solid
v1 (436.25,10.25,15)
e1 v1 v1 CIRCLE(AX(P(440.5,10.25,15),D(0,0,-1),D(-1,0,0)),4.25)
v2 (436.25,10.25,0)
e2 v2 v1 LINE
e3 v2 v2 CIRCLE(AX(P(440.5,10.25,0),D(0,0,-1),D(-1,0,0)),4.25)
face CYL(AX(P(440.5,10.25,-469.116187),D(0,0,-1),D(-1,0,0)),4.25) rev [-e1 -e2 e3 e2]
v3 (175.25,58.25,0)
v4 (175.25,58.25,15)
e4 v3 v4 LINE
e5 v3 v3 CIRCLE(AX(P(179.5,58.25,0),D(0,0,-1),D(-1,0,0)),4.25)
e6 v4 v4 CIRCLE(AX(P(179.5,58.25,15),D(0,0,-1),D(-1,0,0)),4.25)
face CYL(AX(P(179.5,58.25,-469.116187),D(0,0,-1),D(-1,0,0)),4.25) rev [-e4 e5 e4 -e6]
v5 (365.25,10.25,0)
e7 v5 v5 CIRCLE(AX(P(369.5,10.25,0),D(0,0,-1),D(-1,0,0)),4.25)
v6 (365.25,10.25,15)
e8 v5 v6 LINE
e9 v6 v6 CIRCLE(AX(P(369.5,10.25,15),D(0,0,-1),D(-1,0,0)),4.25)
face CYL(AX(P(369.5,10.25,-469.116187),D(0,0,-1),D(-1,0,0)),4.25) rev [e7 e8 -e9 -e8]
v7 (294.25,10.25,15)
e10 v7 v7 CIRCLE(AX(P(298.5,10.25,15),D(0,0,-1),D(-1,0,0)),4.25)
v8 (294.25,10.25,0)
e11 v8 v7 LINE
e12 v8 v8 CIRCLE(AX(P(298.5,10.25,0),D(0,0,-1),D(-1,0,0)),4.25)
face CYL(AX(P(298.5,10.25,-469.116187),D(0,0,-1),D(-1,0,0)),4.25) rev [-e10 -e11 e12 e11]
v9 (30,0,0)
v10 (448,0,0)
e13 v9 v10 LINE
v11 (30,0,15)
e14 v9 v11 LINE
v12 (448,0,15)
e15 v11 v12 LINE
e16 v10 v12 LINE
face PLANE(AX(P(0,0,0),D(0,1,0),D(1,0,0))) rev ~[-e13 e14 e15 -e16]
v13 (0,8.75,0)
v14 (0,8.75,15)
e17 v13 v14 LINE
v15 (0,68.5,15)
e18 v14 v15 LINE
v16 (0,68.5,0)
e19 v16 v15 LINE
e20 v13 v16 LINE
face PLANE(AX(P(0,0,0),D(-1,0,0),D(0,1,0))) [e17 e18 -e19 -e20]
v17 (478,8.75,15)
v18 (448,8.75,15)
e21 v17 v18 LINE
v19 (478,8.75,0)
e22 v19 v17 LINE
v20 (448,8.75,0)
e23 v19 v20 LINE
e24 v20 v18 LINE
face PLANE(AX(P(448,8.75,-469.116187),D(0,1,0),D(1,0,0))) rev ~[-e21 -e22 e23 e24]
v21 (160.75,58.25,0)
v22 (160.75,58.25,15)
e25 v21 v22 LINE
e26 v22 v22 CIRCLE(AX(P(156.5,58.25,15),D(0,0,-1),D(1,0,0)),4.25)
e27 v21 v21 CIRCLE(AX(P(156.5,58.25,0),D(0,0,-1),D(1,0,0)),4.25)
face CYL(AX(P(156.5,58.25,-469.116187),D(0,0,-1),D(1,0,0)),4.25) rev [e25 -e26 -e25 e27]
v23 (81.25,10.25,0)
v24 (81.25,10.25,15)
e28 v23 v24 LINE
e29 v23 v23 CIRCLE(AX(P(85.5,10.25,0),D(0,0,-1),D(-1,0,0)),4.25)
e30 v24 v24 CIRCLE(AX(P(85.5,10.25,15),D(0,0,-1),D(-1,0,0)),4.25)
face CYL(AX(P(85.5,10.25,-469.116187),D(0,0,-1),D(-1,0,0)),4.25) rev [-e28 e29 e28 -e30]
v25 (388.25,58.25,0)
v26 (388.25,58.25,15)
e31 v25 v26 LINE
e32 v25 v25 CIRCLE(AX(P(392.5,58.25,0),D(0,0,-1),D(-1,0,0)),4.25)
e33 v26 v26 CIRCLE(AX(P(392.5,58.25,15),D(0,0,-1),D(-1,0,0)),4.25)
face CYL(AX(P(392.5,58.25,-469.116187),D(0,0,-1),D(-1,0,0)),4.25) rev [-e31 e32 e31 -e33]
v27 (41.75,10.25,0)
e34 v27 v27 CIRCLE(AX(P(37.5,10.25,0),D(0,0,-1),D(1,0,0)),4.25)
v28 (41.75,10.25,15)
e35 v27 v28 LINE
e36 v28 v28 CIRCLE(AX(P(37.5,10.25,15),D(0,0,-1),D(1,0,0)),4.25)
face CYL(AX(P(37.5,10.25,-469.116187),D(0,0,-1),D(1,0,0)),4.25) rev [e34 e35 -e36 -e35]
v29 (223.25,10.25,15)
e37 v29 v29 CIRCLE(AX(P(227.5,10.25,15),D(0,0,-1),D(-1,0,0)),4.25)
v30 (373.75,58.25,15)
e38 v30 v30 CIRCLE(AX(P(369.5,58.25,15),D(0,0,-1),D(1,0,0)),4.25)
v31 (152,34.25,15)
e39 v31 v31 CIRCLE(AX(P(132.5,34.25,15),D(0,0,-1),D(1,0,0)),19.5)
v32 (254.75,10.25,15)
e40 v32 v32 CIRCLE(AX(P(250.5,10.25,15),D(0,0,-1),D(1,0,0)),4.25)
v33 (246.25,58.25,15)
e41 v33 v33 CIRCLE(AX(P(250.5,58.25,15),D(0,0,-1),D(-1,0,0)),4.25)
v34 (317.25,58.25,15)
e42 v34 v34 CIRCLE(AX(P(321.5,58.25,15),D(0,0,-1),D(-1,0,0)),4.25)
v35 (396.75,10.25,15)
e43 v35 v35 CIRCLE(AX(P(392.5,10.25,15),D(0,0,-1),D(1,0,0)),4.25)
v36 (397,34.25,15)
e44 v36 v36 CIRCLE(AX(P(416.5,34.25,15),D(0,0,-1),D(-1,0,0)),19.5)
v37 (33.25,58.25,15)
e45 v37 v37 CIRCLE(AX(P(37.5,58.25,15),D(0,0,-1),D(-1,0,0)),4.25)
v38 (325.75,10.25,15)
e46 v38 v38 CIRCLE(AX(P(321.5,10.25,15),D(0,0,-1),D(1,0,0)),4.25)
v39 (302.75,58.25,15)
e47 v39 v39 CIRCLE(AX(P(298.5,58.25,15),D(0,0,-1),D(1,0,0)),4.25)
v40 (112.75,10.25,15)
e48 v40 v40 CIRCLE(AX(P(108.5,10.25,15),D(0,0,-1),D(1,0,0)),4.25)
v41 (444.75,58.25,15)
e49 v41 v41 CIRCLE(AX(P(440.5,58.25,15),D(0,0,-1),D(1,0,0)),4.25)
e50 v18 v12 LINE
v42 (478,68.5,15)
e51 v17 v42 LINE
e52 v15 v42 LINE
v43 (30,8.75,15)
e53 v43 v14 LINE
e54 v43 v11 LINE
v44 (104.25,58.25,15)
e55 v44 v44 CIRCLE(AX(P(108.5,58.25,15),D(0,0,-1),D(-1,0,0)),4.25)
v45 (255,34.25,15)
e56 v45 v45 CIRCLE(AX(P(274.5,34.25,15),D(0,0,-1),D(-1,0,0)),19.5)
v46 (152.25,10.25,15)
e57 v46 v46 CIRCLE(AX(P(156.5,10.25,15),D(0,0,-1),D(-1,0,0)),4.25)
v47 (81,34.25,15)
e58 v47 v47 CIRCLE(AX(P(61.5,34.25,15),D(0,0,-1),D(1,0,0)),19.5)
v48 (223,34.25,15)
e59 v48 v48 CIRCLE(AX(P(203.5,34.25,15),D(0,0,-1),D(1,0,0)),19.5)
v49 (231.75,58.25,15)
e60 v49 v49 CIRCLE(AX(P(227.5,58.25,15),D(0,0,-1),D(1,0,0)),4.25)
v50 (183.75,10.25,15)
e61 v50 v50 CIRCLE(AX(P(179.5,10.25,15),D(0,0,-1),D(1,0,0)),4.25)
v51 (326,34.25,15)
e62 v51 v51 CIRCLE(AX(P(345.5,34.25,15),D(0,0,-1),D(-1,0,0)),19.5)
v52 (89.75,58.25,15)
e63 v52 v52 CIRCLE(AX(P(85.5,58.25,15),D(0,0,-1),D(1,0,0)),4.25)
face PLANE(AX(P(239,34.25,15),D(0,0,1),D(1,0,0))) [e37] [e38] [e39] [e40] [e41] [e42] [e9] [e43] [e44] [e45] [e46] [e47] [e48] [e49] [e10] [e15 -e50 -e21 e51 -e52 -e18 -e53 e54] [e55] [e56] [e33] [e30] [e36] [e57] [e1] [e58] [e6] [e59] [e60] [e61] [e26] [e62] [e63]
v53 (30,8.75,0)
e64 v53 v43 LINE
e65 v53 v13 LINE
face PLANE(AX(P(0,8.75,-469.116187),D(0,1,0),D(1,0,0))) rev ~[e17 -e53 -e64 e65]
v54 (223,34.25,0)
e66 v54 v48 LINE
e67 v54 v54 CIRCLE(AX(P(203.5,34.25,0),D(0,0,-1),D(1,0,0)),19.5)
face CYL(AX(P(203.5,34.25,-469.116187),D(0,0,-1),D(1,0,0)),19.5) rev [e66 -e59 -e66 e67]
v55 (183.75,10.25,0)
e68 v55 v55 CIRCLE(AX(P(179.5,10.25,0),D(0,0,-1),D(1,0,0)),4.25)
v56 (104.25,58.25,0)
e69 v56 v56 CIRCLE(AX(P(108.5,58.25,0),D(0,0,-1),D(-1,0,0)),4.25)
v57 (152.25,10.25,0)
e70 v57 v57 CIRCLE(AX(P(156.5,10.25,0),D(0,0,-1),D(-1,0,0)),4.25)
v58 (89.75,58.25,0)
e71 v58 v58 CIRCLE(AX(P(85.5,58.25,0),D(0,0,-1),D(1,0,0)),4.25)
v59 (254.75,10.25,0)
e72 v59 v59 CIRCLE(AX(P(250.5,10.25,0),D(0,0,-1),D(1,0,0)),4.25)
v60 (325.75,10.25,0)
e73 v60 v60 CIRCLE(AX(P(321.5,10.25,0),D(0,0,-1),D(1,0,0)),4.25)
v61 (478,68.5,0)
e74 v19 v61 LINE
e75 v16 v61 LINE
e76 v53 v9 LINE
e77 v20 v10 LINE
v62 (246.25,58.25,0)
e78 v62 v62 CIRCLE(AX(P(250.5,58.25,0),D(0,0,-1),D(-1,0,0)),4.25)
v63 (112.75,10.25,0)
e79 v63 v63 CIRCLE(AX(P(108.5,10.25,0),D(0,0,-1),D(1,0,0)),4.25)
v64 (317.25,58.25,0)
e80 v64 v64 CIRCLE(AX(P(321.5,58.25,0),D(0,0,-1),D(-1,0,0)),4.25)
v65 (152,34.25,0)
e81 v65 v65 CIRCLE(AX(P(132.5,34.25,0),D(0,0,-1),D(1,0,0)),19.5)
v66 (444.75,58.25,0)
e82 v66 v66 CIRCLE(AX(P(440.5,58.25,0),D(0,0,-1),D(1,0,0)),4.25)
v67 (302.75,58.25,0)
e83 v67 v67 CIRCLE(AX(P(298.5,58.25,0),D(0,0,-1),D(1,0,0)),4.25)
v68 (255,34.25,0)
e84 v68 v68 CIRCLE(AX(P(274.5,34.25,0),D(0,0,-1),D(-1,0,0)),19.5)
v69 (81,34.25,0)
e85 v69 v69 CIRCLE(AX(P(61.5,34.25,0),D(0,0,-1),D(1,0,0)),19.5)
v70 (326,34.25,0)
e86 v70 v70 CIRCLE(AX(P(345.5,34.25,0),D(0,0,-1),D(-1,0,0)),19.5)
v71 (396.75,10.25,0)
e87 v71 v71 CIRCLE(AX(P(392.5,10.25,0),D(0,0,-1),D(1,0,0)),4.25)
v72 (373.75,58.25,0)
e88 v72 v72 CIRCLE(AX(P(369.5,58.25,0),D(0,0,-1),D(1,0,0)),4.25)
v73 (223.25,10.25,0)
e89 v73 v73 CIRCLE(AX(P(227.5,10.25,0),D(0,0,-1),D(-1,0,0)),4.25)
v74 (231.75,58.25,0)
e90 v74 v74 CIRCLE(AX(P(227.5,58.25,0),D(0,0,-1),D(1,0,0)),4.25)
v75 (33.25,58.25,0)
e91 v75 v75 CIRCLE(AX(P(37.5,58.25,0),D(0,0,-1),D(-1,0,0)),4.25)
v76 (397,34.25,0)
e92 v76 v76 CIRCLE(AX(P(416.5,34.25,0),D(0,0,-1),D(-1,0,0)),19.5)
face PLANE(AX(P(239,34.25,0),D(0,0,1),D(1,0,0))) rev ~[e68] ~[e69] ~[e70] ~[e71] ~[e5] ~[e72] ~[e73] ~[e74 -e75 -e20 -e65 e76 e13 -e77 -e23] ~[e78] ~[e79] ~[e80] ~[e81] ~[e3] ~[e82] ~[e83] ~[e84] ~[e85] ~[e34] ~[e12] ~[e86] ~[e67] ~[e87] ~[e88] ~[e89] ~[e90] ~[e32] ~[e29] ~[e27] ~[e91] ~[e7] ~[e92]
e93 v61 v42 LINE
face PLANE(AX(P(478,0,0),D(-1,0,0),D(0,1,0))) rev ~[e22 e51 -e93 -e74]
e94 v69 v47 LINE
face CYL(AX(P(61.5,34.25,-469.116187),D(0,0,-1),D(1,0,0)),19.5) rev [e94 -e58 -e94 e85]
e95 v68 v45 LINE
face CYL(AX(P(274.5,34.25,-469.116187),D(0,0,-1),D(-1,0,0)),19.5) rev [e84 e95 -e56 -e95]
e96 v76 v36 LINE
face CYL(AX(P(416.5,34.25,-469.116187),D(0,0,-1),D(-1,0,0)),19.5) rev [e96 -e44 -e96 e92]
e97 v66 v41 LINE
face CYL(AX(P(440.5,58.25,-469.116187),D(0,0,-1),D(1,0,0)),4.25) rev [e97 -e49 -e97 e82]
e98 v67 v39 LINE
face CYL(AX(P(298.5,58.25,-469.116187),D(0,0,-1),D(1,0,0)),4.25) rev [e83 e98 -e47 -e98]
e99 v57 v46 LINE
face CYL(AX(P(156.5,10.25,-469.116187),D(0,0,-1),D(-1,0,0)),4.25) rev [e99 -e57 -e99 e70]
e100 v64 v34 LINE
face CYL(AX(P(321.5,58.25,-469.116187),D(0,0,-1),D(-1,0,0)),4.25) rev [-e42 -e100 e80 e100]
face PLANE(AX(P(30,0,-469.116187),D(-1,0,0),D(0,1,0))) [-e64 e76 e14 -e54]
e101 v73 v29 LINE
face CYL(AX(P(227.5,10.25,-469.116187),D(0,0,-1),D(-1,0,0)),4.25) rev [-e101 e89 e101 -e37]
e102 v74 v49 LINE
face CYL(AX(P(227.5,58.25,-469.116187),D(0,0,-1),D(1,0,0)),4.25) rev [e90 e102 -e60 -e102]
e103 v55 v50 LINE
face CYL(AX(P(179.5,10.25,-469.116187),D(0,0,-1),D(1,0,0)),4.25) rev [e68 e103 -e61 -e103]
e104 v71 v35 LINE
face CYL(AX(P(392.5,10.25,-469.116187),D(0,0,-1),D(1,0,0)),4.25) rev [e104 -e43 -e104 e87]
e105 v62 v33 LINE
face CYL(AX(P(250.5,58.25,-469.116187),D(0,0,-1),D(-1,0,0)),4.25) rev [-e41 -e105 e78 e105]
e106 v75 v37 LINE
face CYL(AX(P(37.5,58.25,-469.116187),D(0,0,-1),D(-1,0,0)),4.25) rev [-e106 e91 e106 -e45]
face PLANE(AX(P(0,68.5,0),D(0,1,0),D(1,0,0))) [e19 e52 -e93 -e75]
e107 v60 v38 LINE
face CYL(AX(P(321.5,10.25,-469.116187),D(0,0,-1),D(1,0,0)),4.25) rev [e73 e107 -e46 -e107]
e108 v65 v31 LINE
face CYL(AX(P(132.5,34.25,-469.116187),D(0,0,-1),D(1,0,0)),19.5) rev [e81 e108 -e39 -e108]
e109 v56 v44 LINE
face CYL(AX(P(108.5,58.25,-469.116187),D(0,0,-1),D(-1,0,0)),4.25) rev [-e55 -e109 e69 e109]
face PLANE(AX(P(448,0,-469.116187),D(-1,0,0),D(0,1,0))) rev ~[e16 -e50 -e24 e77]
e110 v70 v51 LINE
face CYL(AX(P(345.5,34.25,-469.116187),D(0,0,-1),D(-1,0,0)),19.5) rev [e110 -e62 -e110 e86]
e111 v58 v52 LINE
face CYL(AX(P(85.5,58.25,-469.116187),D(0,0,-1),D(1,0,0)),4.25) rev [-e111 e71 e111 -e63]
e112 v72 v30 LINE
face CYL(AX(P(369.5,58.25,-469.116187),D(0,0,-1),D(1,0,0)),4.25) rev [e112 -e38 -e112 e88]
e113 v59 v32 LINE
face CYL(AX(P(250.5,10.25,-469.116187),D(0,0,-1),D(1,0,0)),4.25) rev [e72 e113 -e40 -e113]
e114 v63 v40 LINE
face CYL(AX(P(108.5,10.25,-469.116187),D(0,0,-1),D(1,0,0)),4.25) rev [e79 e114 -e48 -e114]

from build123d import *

# Parameters (mm, degrees)
ESQUISSE1_W                  = 478
ESQUISSE1_H                  = 68.5
BOSS_EXTRU_1_DEPTH           = 15
ENL_V_MAT_EXTRU_1_DEPTH      = 484.116186854
ENL_V_MAT_EXTRU_1_DEPTH_BACK = 484.116186854
ESQUISSE2_R                  = 4.25
ENL_V_MAT_EXTRU_2_DEPTH      = 484.116186854
ENL_V_MAT_EXTRU_2_DEPTH_BACK = 484.116186854
ESQUISSE3_R                  = 19.5
ENL_V_MAT_EXTRU_3_DEPTH      = 484.116186854
ENL_V_MAT_EXTRU_3_DEPTH_BACK = 484.116186854
ESQUISSE4_W                  = 30
ESQUISSE4_H                  = 8.75


with BuildPart() as part:
    # Esquisse1 → Boss.-Extru.1 (new body)
    with BuildSketch(Plane.XY):
        with Locations((239, 34.25)):
            Rectangle(ESQUISSE1_W, ESQUISSE1_H)
    extrude(amount=BOSS_EXTRU_1_DEPTH)

    # Esquisse2 → Enlèv. mat.-Extru.1 (cut, two sides: drawn at the far end of the back side and taken through both)
    with BuildSketch(Plane.XY.offset(15).offset(-ENL_V_MAT_EXTRU_1_DEPTH_BACK)):
        with Locations((227.5, 58.25)):
            Circle(ESQUISSE2_R)
        with Locations(Location((227.5, 10.25, 0), (0, 0, 180))):
            Circle(ESQUISSE2_R)
        with Locations((179.5, 10.25)):
            Circle(ESQUISSE2_R)
        with Locations(Location((179.5, 58.25, 0), (0, 0, 180))):
            Circle(ESQUISSE2_R)
        with Locations((156.5, 58.25)):
            Circle(ESQUISSE2_R)
        with Locations(Location((156.5, 10.25, 0), (0, 0, 180))):
            Circle(ESQUISSE2_R)
        with Locations((108.5, 10.25)):
            Circle(ESQUISSE2_R)
        with Locations(Location((108.5, 58.25, 0), (0, 0, 180))):
            Circle(ESQUISSE2_R)
        with Locations((85.5, 58.25)):
            Circle(ESQUISSE2_R)
        with Locations(Location((85.5, 10.25, 0), (0, 0, 180))):
            Circle(ESQUISSE2_R)
        with Locations((37.5, 10.25)):
            Circle(ESQUISSE2_R)
        with Locations(Location((37.5, 58.25, 0), (0, 0, 180))):
            Circle(ESQUISSE2_R)
        with Locations((440.5, 58.25)):
            Circle(ESQUISSE2_R)
        with Locations(Location((440.5, 10.25, 0), (0, 0, 180))):
            Circle(ESQUISSE2_R)
        with Locations((392.5, 10.25)):
            Circle(ESQUISSE2_R)
        with Locations(Location((392.5, 58.25, 0), (0, 0, 180))):
            Circle(ESQUISSE2_R)
        with Locations((369.5, 58.25)):
            Circle(ESQUISSE2_R)
        with Locations(Location((369.5, 10.25, 0), (0, 0, 180))):
            Circle(ESQUISSE2_R)
        with Locations((321.5, 10.25)):
            Circle(ESQUISSE2_R)
        with Locations(Location((321.5, 58.25, 0), (0, 0, 180))):
            Circle(ESQUISSE2_R)
        with Locations((298.5, 58.25)):
            Circle(ESQUISSE2_R)
        with Locations(Location((298.5, 10.25, 0), (0, 0, 180))):
            Circle(ESQUISSE2_R)
        with Locations((250.5, 10.25)):
            Circle(ESQUISSE2_R)
        with Locations(Location((250.5, 58.25, 0), (0, 0, 180))):
            Circle(ESQUISSE2_R)
    extrude(amount=ENL_V_MAT_EXTRU_1_DEPTH + ENL_V_MAT_EXTRU_1_DEPTH_BACK, mode=Mode.SUBTRACT)

    # Esquisse3 → Enlèv. mat.-Extru.2 (cut, two sides: drawn at the far end of the back side and taken through both)
    with BuildSketch(Plane.XY.offset(15).offset(-ENL_V_MAT_EXTRU_2_DEPTH_BACK)):
        with Locations((203.5, 34.25)):
            Circle(ESQUISSE3_R)
        with Locations((132.5, 34.25)):
            Circle(ESQUISSE3_R)
        with Locations((61.5, 34.25)):
            Circle(ESQUISSE3_R)
        with Locations(Location((416.5, 34.25, 0), (0, 0, 180))):
            Circle(ESQUISSE3_R)
        with Locations(Location((345.5, 34.25, 0), (0, 0, 180))):
            Circle(ESQUISSE3_R)
        with Locations(Location((274.5, 34.25, 0), (0, 0, 180))):
            Circle(ESQUISSE3_R)
    extrude(amount=ENL_V_MAT_EXTRU_2_DEPTH + ENL_V_MAT_EXTRU_2_DEPTH_BACK, mode=Mode.SUBTRACT)

    # Esquisse4 → Enlèv. mat.-Extru.3 (cut, two sides: drawn at the far end of the back side and taken through both)
    with BuildSketch(Plane.XY.offset(15).offset(-ENL_V_MAT_EXTRU_3_DEPTH_BACK)):
        with Locations((15, 4.375)):
            Rectangle(ESQUISSE4_W, ESQUISSE4_H)
        with Locations((463, 4.375)):
            Rectangle(ESQUISSE4_W, ESQUISSE4_H)
    extrude(amount=ENL_V_MAT_EXTRU_3_DEPTH + ENL_V_MAT_EXTRU_3_DEPTH_BACK, mode=Mode.SUBTRACT)


solid = part.part
